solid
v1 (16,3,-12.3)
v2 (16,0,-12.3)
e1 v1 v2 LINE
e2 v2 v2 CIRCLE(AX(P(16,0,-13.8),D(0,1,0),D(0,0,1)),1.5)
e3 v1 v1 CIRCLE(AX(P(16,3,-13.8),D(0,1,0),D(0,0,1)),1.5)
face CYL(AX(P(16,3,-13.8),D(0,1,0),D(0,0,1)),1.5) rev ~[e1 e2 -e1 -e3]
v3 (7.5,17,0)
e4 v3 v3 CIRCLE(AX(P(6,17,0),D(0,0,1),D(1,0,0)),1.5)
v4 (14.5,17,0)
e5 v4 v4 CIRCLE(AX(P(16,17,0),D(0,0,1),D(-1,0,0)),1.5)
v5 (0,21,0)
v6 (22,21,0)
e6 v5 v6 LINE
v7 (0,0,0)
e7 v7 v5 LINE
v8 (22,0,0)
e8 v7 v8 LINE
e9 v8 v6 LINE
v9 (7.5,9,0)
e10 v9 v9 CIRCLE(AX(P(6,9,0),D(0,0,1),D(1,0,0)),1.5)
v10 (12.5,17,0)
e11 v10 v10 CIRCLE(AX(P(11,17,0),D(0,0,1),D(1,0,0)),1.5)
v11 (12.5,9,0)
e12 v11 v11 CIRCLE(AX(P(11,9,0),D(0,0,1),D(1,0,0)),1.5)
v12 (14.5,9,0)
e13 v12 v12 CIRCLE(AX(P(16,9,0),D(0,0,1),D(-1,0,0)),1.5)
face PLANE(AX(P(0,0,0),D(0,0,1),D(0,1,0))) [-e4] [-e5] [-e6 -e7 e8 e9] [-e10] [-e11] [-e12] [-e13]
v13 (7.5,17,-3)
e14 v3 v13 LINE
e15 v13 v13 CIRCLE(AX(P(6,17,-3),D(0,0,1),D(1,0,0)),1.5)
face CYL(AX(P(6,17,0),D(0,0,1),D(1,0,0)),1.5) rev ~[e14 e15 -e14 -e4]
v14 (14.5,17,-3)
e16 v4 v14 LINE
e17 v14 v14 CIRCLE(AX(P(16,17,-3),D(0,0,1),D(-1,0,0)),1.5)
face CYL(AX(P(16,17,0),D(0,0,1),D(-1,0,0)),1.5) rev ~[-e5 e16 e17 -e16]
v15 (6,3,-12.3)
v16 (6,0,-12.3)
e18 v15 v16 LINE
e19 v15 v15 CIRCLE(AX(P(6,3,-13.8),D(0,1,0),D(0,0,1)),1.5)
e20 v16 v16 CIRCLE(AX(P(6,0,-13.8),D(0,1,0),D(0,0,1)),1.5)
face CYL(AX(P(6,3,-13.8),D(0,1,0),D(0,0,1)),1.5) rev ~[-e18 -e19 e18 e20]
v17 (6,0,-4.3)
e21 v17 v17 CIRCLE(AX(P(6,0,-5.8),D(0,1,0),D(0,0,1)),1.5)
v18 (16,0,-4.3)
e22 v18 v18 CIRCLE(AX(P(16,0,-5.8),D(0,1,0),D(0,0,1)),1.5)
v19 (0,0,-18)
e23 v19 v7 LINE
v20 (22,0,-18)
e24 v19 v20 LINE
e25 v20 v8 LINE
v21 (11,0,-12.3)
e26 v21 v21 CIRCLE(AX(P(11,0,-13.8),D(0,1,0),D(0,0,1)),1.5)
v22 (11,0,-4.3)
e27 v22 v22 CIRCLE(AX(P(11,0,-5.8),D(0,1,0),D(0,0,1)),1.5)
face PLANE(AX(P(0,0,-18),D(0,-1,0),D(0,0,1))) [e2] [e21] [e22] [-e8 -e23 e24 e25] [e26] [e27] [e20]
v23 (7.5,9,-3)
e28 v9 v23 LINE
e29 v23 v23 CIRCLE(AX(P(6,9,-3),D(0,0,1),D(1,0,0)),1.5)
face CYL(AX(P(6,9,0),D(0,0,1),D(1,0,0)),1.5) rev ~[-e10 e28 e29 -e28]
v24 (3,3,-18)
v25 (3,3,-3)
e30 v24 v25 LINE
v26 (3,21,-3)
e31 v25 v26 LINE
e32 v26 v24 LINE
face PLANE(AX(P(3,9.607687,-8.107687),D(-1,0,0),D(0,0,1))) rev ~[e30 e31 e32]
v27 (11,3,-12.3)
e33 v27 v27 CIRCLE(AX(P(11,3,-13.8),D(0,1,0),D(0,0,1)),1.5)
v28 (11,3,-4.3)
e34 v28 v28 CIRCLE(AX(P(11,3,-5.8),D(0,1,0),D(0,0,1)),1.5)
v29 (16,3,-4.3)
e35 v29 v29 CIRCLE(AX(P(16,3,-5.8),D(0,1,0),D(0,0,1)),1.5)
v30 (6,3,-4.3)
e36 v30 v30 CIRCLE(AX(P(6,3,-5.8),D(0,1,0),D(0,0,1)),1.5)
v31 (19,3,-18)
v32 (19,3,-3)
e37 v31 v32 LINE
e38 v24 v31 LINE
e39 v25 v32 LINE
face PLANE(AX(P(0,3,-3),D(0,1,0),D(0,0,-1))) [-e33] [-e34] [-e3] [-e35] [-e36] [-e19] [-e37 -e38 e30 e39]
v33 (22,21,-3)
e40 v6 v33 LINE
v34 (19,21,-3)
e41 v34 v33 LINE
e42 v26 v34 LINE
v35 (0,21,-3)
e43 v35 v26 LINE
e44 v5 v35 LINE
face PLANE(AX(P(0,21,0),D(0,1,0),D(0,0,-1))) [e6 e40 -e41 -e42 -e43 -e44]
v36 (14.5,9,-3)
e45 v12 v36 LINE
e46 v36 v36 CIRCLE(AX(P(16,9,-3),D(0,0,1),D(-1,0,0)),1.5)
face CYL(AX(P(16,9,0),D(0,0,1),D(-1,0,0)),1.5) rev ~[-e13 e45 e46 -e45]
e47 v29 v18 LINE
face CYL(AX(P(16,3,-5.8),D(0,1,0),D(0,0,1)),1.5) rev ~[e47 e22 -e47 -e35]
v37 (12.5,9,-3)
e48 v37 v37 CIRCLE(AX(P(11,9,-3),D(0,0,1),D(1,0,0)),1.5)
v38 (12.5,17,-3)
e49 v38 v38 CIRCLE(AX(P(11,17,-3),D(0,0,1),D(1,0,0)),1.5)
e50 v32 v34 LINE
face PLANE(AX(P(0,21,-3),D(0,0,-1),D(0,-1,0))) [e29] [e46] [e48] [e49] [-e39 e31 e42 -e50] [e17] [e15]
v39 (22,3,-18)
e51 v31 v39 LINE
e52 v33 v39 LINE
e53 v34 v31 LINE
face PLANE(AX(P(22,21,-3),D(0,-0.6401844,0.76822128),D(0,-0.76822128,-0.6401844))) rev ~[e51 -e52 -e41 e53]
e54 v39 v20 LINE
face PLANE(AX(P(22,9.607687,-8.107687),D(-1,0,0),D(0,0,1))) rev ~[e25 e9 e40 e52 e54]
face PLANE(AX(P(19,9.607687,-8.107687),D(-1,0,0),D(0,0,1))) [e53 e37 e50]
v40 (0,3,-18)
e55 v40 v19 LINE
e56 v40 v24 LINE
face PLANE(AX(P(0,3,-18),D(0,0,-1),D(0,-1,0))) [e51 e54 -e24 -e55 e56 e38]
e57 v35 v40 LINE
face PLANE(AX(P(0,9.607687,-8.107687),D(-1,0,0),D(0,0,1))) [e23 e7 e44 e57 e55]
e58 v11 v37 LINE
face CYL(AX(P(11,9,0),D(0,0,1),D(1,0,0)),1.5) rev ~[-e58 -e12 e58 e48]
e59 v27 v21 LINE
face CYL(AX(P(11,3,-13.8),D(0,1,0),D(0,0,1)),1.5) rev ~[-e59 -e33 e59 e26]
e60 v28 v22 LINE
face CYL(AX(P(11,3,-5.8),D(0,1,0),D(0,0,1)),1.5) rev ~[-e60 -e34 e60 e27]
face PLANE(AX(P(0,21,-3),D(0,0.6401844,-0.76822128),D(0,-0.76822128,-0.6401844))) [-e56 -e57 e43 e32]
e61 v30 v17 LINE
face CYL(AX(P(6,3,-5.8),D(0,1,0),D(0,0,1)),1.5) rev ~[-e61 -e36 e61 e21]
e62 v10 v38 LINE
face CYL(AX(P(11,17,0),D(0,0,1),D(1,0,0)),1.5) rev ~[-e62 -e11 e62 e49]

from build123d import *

# Parameters (mm, degrees)
EXTRUDE_1_DEPTH     = 22
SKETCH_2_R          = 1.5
CUT_EXTRUDE_1_DEPTH = 13
EXTRUDE_2_DEPTH     = 3
EXTRUDE_3_DEPTH     = 3
SKETCH_5_R          = 1.5
CUT_EXTRUDE_2_DEPTH = 3


with BuildPart() as part:
    # 草图1 → 凸台-拉伸1 (new body)
    with BuildSketch(Plane(origin=(0, 0, 0), x_dir=(0, 0, -1), z_dir=(1, 0, 0))):
        Polygon((0, 0), (0, 21), (3, 21), (3, 3), (18, 3), (18, 0), align=None)
    extrude(amount=EXTRUDE_1_DEPTH)

    # 草图2 → 切除-拉伸1 (cut)
    with BuildSketch(Plane(origin=(0, 3, 0), x_dir=(1, 0, 0), z_dir=(0, 1, 0))):
        with Locations(Location((11, 5.8, 0), (0, 0, 270))):
            Circle(SKETCH_2_R)
        with Locations(Location((11, 13.8, 0), (0, 0, 270))):
            Circle(SKETCH_2_R)
        with Locations(Location((16, 5.8, 0), (0, 0, 270))):
            Circle(SKETCH_2_R)
        with Locations(Location((16, 13.8, 0), (0, 0, 270))):
            Circle(SKETCH_2_R)
        with Locations(Location((6, 13.8, 0), (0, 0, 270))):
            Circle(SKETCH_2_R)
        with Locations(Location((6, 5.8, 0), (0, 0, 270))):
            Circle(SKETCH_2_R)
    extrude(amount=-CUT_EXTRUDE_1_DEPTH, mode=Mode.SUBTRACT)

    # 草图3 → 凸台-拉伸2 (add)
    with BuildSketch(Plane(origin=(22, 0, 0), x_dir=(0, 0, -1), z_dir=(1, 0, 0))):
        Polygon((3, 21), (18, 3), (3, 3), align=None)
    extrude(amount=-EXTRUDE_2_DEPTH)

    # 草图4 → 凸台-拉伸3 (add)
    with BuildSketch(Plane.ZY):
        Polygon((-18, 3), (-3, 3), (-3, 21), align=None)
    extrude(amount=-EXTRUDE_3_DEPTH)

    # 草图5 → 切除-拉伸2 (cut)
    with BuildSketch(Plane.XY):
        with Locations((11, 17)):
            Circle(SKETCH_5_R)
        with Locations((11, 9)):
            Circle(SKETCH_5_R)
        with Locations((6, 17)):
            Circle(SKETCH_5_R)
        with Locations((6, 9)):
            Circle(SKETCH_5_R)
        with Locations(Location((16, 9, 0), (0, 0, 180))):
            Circle(SKETCH_5_R)
        with Locations(Location((16, 17, 0), (0, 0, 180))):
            Circle(SKETCH_5_R)
    extrude(amount=-CUT_EXTRUDE_2_DEPTH, mode=Mode.SUBTRACT)


solid = part.part
